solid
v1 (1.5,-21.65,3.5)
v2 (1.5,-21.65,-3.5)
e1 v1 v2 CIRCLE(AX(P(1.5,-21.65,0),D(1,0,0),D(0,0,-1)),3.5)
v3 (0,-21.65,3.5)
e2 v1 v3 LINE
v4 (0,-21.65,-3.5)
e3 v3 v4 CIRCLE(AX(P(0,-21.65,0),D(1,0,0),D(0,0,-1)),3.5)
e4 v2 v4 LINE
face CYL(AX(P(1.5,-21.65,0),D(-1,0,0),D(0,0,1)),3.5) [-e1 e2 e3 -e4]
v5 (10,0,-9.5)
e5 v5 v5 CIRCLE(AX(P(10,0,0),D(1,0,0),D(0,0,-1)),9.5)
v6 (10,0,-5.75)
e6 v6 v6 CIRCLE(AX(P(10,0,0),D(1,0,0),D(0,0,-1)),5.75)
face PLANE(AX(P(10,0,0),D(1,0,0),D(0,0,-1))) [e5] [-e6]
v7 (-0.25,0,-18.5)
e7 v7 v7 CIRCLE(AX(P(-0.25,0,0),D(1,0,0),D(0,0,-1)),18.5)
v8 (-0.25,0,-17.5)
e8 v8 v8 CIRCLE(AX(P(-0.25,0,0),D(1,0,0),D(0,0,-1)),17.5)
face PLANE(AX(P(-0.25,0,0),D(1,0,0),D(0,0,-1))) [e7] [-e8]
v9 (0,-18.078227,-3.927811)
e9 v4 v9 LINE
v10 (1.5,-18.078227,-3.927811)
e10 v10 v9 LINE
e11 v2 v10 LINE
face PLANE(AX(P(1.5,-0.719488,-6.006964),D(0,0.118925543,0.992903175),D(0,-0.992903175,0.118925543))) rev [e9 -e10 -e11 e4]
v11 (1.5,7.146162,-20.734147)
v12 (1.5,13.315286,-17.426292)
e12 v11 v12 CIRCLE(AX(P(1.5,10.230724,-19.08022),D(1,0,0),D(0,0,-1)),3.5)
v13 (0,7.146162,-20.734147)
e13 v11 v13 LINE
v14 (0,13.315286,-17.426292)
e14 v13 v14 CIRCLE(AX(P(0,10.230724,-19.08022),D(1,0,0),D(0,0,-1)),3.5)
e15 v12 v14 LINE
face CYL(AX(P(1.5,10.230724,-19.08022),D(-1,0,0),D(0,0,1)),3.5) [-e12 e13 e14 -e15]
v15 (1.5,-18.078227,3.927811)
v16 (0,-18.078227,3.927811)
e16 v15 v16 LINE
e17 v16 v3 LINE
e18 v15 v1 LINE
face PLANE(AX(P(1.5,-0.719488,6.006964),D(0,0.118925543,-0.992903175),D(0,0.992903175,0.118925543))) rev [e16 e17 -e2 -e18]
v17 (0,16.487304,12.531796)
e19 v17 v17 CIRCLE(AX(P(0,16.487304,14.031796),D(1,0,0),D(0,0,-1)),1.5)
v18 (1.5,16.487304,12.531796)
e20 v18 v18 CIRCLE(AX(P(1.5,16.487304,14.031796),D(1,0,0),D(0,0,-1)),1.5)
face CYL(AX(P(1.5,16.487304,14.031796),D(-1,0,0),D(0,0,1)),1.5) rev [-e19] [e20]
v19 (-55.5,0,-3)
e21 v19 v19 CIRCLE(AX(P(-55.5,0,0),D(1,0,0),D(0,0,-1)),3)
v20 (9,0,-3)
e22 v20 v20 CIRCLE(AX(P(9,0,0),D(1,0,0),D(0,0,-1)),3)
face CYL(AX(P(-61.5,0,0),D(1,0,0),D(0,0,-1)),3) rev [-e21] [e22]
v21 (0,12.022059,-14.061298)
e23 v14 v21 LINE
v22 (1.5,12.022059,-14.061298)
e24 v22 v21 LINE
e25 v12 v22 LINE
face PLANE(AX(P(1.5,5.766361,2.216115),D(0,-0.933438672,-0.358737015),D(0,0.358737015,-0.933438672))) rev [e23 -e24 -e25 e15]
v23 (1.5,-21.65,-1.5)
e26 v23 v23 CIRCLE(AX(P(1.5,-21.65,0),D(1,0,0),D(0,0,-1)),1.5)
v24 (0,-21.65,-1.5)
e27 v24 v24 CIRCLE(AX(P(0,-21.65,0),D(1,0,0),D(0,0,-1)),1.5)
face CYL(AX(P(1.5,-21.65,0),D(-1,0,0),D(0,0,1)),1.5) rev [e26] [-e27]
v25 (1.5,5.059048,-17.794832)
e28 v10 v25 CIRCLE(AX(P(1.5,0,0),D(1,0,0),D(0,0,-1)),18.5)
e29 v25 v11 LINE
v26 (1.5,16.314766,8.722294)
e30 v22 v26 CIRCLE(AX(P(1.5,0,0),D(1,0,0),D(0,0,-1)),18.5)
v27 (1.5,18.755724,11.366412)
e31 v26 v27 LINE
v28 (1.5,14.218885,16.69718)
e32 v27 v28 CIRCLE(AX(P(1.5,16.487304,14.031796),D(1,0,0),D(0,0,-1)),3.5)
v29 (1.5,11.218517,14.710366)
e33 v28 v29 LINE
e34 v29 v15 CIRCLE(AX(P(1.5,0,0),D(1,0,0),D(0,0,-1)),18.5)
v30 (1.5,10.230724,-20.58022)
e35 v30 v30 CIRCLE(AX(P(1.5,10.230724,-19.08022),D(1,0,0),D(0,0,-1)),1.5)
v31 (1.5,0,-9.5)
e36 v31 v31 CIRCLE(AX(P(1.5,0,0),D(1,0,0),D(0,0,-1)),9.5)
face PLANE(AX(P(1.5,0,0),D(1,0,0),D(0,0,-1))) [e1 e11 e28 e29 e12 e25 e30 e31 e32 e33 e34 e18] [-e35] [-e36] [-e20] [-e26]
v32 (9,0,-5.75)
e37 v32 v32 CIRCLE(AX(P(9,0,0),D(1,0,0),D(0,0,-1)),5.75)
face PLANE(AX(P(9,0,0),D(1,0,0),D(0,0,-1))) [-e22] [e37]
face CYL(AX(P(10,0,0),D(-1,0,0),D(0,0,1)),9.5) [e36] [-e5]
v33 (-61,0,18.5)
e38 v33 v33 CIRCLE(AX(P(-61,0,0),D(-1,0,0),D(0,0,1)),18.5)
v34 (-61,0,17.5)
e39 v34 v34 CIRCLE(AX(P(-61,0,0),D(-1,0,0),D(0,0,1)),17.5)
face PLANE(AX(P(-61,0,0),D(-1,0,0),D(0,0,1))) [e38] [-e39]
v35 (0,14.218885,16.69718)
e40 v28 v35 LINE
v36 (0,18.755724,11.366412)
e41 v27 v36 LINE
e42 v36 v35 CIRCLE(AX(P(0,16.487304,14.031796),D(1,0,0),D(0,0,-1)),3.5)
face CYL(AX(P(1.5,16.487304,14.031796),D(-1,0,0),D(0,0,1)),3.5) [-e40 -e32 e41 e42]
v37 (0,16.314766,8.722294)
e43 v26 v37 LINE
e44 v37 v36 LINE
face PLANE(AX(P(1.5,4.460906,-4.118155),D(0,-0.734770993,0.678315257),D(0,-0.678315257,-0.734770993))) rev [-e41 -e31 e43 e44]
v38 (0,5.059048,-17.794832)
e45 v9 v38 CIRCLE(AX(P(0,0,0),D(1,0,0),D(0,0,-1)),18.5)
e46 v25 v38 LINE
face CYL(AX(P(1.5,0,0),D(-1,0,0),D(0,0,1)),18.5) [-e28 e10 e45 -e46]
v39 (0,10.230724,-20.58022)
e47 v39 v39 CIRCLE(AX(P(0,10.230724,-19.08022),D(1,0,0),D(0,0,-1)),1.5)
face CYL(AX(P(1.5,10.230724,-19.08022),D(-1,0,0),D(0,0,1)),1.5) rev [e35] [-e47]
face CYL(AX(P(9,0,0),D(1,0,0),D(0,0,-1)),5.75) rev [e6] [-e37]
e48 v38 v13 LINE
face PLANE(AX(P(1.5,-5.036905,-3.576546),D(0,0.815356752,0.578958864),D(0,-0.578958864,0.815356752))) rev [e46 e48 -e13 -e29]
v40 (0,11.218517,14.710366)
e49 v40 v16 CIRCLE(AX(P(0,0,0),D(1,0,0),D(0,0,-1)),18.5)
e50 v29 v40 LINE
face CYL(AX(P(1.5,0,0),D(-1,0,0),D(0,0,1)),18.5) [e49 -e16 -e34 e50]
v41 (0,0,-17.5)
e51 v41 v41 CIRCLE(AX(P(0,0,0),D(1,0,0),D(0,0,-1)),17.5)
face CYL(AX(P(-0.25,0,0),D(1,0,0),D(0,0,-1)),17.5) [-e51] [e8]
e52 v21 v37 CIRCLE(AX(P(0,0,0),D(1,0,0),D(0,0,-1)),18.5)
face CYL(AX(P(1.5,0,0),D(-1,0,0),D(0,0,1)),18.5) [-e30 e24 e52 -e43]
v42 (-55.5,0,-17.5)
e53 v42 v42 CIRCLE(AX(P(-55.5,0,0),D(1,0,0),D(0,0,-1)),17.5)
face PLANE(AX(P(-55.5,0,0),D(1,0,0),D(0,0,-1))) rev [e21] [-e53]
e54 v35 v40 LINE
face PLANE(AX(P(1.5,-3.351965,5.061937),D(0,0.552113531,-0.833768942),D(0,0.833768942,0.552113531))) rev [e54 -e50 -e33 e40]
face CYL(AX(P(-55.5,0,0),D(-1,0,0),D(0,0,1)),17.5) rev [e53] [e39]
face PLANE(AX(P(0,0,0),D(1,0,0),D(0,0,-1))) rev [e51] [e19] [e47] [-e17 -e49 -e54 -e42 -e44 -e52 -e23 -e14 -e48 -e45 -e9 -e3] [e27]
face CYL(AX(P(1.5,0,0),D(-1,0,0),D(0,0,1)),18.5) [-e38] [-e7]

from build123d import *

# Parameters (mm, degrees)
SKETCH1_R               = 1.5
SKETCH1_R_2             = 18.5
SKETCH1_R_3             = 17.5
BOSS_EXTRUDE1_DEPTH     = 1.5
SKETCH1_4_R             = 18.5
SKETCH1_4_R_2           = 17.5
BOSS_EXTRUDE2_DEPTH     = 61.5
CUT_EXTRUDE1_START      = -61.5
SKETCH1_5_R             = 17.5
CUT_EXTRUDE1_DEPTH      = 6
SKETCH2_R               = 9.5
SKETCH2_R_2             = 5.75
BOSS_EXTRUDE3_DEPTH     = 8.5
SKETCH3_R               = 5.75
CUT_EXTRUDE2_DEPTH      = 1
SKETCH4_R               = 3
CUT_EXTRUDE3_DEPTH      = 79.183366667
CUT_EXTRUDE3_DEPTH_BACK = 79.183366667
CUT_EXTRUDE4_START      = -1.5
SKETCH5_R               = 18.5
SKETCH5_R_2             = 17.5
CUT_EXTRUDE4_DEPTH      = 0.25
SKETCH6_R               = 18.5
CUT_EXTRUDE5_DEPTH      = 0.5


with BuildPart() as part:
    # Sketch1 → Boss-Extrude1 (new body)
    with BuildSketch(Plane(origin=(0, 0, 0), x_dir=(0, 0, -1), z_dir=(1, 0, 0))):
        with BuildLine():
            ThreePointArc((-11.366411782, 18.755724012), (-16.300215512, 19.152688435), (-16.697179934, 14.218884704))
            Line((-16.697179934, 14.218884704), (-14.710366227, 11.218517079))
            ThreePointArc((-14.710366227, 11.218517079), (-11.99021817, 14.088458689), (-8.722294226, 16.31476581))
            Line((-8.722294226, 16.31476581), (-11.366411782, 18.755724012))
        make_face()
        with Locations((-14.031795858, 16.487304358)):
            Circle(SKETCH1_R, mode=Mode.SUBTRACT)
        Circle(SKETCH1_R_2)
        Circle(SKETCH1_R_3, mode=Mode.SUBTRACT)
        Circle(SKETCH1_R_3)
        with BuildLine():
            Line((17.42629206, 13.315286142), (14.061297684, 12.022059201))
            ThreePointArc((14.061297684, 12.022059201), (16.304113863, 8.74218915), (17.794831776, 5.059047546))
            Line((17.794831776, 5.059047546), (20.734147414, 7.146161977))
            ThreePointArc((20.734147414, 7.146161977), (22.164781819, 11.884651736), (17.42629206, 13.315286142))
        make_face()
        with Locations((19.080219737, 10.230724059)):
            Circle(SKETCH1_R, mode=Mode.SUBTRACT)
        with BuildLine():
            ThreePointArc((3.927811116, -18.078227232), (0, -18.5), (-3.927811116, -18.078227232))
            Line((-3.927811116, -18.078227232), (-3.5, -21.65))
            ThreePointArc((-3.5, -21.65), (0, -25.15), (3.5, -21.65))
            Line((3.5, -21.65), (3.927811116, -18.078227232))
        make_face()
        with Locations((0, -21.65)):
            Circle(SKETCH1_R, mode=Mode.SUBTRACT)
    extrude(amount=BOSS_EXTRUDE1_DEPTH)

    # Sketch1<4> → Boss-Extrude2 (add)
    with BuildSketch(Plane(origin=(0, 0, 0), x_dir=(0, 0, -1), z_dir=(1, 0, 0))):
        with Locations(Location((0, 0, 0), (0, 0, 142.669891736))):
            Circle(SKETCH1_4_R)
        Circle(SKETCH1_4_R_2, mode=Mode.SUBTRACT)
        Circle(SKETCH1_4_R_2)
    extrude(amount=-BOSS_EXTRUDE2_DEPTH)

    # Sketch1<5> → Cut-Extrude1 (cut)
    with BuildSketch(Plane(origin=(0, 0, 0), x_dir=(0, 0, -1), z_dir=(1, 0, 0)).offset(CUT_EXTRUDE1_START)):
        Circle(SKETCH1_5_R)
    extrude(amount=CUT_EXTRUDE1_DEPTH, mode=Mode.SUBTRACT)

    # Sketch2 → Boss-Extrude3 (add)
    with BuildSketch(Plane(origin=(1.5, 0, 0), x_dir=(0, 0, -1), z_dir=(1, 0, 0))):
        Circle(SKETCH2_R)
        Circle(SKETCH2_R_2, mode=Mode.SUBTRACT)
        Circle(SKETCH2_R_2)
    extrude(amount=BOSS_EXTRUDE3_DEPTH)

    # Sketch3 → Cut-Extrude2 (cut)
    with BuildSketch(Plane(origin=(10, 0, 0), x_dir=(0, 0, -1), z_dir=(1, 0, 0))):
        Circle(SKETCH3_R)
    extrude(amount=-CUT_EXTRUDE2_DEPTH, mode=Mode.SUBTRACT)

    # Sketch4 → Cut-Extrude3 (cut, two sides)
    with BuildSketch(Plane(origin=(9, 0, 0), x_dir=(0, 0, -1), z_dir=(1, 0, 0))) as cut_extrude3_sk:
        Circle(SKETCH4_R)
    extrude(amount=CUT_EXTRUDE3_DEPTH, mode=Mode.SUBTRACT)
    extrude(cut_extrude3_sk.sketch, amount=-CUT_EXTRUDE3_DEPTH_BACK, mode=Mode.SUBTRACT)

    # Sketch5 → Cut-Extrude4 (cut)
    with BuildSketch(Plane(origin=(1.5, 0, 0), x_dir=(0, 0, -1), z_dir=(1, 0, 0)).offset(CUT_EXTRUDE4_START)):
        Circle(SKETCH5_R)
        Circle(SKETCH5_R_2, mode=Mode.SUBTRACT)
    extrude(amount=-CUT_EXTRUDE4_DEPTH, mode=Mode.SUBTRACT)

    # Sketch6 → Cut-Extrude5 (cut)
    with BuildSketch(Plane.ZY.offset(61.5)):
        Circle(SKETCH6_R)
    extrude(amount=-CUT_EXTRUDE5_DEPTH, mode=Mode.SUBTRACT)


solid = part.part
